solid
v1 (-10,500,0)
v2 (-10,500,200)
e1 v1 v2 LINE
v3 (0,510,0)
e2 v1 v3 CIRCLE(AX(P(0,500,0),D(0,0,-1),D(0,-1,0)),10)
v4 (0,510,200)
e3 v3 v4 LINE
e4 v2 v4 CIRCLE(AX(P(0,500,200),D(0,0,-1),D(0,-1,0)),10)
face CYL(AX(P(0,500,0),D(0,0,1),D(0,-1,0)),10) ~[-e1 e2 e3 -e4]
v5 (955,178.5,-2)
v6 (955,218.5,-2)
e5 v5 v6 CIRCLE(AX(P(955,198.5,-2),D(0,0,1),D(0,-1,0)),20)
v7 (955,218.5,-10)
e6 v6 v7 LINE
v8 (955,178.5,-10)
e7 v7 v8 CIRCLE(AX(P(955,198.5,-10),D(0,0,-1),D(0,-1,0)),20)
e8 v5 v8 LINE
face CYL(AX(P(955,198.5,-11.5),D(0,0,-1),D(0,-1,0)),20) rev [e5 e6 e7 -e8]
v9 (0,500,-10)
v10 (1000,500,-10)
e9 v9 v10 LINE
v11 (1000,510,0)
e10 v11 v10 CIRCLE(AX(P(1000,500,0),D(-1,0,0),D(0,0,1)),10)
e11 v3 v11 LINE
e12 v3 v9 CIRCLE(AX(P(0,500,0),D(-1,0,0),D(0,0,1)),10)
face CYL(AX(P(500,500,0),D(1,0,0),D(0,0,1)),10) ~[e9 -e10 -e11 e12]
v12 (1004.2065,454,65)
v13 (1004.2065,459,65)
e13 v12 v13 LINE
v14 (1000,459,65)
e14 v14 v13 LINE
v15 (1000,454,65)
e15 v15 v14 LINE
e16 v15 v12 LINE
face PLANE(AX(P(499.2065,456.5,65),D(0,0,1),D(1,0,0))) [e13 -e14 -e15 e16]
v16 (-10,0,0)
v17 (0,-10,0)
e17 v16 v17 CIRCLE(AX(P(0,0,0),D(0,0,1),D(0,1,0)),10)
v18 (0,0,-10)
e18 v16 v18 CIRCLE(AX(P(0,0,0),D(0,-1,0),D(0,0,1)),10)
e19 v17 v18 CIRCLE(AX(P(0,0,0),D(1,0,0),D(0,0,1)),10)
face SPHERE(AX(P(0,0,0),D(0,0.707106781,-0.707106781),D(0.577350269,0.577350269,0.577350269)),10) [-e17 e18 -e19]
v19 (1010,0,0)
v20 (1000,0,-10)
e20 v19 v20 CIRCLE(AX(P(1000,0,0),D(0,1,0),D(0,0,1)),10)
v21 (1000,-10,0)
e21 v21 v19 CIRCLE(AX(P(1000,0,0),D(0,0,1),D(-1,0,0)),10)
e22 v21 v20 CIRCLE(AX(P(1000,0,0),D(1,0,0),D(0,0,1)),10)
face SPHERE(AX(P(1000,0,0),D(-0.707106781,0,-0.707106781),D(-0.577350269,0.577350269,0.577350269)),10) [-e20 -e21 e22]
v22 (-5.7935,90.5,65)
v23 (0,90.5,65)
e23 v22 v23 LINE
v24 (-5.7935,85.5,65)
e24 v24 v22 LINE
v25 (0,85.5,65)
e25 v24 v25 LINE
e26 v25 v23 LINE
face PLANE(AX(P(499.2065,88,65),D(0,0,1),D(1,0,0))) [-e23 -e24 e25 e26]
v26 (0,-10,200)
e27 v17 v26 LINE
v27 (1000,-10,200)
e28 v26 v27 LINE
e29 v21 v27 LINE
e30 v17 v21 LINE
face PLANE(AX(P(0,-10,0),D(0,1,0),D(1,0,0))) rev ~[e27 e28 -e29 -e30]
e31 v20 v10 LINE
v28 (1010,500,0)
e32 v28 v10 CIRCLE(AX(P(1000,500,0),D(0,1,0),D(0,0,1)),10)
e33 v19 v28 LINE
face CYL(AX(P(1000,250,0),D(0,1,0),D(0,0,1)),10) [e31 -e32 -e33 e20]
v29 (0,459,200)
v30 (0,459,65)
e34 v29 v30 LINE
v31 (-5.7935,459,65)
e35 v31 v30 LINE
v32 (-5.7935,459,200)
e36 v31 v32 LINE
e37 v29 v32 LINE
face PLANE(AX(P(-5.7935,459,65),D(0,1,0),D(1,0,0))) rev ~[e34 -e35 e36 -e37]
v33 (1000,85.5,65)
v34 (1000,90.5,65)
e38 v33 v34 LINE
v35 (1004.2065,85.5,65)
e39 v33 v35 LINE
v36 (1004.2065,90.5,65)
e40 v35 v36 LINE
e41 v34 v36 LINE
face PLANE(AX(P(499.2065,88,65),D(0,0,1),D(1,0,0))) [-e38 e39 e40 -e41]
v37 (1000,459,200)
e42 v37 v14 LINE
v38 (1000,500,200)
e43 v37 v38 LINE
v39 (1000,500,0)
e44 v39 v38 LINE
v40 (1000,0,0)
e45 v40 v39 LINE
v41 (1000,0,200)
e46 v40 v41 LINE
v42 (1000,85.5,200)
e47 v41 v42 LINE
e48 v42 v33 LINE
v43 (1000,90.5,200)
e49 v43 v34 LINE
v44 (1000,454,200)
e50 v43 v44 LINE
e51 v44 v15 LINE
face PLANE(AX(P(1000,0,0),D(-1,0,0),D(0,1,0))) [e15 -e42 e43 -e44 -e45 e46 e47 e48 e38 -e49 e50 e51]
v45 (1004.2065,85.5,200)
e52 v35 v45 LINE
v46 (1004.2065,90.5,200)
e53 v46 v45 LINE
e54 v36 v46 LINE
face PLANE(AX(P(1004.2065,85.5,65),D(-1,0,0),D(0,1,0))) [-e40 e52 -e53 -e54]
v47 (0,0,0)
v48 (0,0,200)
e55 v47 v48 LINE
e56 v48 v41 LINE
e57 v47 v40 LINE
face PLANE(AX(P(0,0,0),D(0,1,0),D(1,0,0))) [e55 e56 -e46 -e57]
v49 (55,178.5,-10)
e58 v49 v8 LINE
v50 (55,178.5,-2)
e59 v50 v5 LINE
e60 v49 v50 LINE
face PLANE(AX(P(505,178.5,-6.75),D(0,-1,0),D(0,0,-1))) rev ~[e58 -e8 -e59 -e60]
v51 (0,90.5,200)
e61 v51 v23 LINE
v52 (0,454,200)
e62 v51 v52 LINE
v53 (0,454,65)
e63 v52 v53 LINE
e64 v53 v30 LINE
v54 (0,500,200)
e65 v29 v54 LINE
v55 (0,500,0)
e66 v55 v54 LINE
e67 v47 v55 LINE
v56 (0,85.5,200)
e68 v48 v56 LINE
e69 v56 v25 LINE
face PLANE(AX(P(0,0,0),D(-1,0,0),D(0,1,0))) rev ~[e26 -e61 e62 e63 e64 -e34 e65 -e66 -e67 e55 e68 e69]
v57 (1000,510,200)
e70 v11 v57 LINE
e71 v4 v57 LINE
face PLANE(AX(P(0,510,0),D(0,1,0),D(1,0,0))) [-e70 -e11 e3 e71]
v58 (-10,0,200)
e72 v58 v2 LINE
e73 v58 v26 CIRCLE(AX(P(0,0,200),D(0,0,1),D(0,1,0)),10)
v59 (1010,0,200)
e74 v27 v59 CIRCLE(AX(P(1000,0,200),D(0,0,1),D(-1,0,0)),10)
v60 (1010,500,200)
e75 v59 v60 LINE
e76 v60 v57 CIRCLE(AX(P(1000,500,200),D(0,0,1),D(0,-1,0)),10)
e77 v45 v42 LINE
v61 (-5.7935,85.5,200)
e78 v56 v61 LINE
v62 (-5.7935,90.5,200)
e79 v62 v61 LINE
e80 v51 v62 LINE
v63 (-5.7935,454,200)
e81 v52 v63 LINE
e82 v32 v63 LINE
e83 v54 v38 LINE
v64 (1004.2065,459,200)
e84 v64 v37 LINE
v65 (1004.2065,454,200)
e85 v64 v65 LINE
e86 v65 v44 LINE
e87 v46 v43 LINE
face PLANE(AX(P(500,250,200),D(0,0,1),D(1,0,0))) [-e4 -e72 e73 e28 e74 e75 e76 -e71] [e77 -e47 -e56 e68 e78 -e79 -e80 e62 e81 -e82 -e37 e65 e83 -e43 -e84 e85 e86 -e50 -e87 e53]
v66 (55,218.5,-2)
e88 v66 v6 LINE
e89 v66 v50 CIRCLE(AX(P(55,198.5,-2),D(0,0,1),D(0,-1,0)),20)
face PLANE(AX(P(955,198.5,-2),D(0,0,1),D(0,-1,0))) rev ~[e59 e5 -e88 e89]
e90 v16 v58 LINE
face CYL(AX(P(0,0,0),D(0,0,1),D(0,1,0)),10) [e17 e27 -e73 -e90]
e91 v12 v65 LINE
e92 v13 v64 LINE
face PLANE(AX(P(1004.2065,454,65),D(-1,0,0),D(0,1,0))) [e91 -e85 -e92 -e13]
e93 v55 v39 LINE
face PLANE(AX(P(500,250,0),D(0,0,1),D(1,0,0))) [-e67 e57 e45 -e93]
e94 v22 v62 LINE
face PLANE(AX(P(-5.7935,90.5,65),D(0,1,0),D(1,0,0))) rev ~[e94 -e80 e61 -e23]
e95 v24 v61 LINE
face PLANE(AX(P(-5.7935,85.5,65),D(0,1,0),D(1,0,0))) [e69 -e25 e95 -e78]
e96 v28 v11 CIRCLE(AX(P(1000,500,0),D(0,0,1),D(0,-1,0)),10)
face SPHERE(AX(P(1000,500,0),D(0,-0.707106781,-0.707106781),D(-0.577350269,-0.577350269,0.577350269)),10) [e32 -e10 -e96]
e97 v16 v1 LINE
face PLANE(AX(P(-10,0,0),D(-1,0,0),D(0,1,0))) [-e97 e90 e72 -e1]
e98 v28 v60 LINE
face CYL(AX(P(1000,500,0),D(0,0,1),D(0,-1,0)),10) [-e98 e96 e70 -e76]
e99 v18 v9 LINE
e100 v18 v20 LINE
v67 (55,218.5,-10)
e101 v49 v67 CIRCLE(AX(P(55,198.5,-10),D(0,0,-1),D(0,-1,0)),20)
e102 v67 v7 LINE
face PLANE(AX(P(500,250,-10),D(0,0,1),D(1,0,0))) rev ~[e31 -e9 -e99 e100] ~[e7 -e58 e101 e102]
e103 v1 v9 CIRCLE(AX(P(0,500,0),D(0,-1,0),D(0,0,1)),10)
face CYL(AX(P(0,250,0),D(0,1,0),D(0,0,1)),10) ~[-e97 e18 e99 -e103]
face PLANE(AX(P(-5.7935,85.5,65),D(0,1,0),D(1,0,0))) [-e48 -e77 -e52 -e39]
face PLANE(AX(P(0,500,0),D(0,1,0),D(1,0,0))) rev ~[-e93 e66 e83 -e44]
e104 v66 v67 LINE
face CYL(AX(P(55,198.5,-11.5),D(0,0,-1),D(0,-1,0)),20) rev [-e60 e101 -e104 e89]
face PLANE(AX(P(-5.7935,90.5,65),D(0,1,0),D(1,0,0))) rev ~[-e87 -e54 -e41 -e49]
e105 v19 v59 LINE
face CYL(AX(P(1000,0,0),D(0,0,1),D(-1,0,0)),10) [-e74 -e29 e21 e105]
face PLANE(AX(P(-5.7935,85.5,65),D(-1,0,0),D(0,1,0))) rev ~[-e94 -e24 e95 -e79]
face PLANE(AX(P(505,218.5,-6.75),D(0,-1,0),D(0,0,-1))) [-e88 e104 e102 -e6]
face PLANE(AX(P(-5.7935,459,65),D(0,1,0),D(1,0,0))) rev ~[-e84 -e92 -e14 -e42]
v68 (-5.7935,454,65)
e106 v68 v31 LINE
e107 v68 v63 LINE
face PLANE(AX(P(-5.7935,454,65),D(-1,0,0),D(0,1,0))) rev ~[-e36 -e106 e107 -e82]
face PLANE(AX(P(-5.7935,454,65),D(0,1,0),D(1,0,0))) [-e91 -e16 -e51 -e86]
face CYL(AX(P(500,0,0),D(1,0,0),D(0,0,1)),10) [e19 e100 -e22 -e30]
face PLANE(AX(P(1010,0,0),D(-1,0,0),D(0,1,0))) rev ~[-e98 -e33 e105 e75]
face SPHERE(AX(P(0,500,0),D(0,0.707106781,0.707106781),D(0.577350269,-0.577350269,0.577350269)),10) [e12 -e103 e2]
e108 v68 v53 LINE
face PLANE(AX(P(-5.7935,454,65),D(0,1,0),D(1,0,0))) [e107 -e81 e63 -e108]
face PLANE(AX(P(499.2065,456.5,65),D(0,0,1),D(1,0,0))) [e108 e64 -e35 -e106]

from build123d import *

# Parameters (mm, degrees)
BOX012_W               = 9.5
BOX012_H               = 900
BOX012_DEPTH           = 40
CYLINDER004_R          = 20
CYLINDER004_DEPTH      = 9.5
CYLINDER003_R          = 20
CYLINDER003_DEPTH      = 9.5
FUSION_PITCH_ANGLE     = 90
FUSION_PLACEMENT_ANGLE = -90
BOX011_W               = 1010
BOX011_H               = 5
BOX011_DEPTH           = 200
BOX010_W               = 1010
BOX010_H               = 5
BOX010_DEPTH           = 200
BOX_W                  = 1000
BOX_H                  = 500
BOX_DEPTH              = 200
THICKNESS_T            = 10


with BuildPart() as cube002:
    # Box012 → Box012 (new body)
    with BuildSketch(Plane(origin=(-8, 55, 119), x_dir=(1, 0, 0), z_dir=(0, 0, 1))):
        with Locations((4.75, 450)):
            Rectangle(BOX012_W, BOX012_H)
    extrude(amount=BOX012_DEPTH)


with BuildPart() as cylinder004:
    # Cylinder004 → Cylinder004 (new body)
    with BuildSketch(Plane(origin=(1.5, 955, 139), x_dir=(0, 0, 1), z_dir=(-1, 0, 0))):
        Circle(CYLINDER004_R)
    extrude(amount=CYLINDER004_DEPTH)


with BuildPart() as windows:
    # Cylinder003 → Cylinder003 (new body)
    with BuildSketch(Plane(origin=(1.5, 55, 139), x_dir=(0, 0, 1), z_dir=(-1, 0, 0))):
        Circle(CYLINDER003_R)
    extrude(amount=CYLINDER003_DEPTH)

    # Fusion: union Cube002, Cylinder004
    add(cube002.part)
    add(cylinder004.part)


with BuildPart() as windows_1:
    # Fusion pitch: moved
    add(windows.part.rotate(Axis((0, 0, 0), (0, 1, 0)), FUSION_PITCH_ANGLE))


with BuildPart() as windows_2:
    # Fusion placement: moved
    add(windows_1.part.moved(Location((0, 337.5, -10))).rotate(Axis((0, 337.5, -10), (0, 0, 1)), FUSION_PLACEMENT_ANGLE))


with BuildPart() as supportrail002:
    # Box011 → Box011 (new body)
    with BuildSketch(Plane(origin=(-5.7935, 85.5, 65), x_dir=(1, 0, 0), z_dir=(0, 0, 1))):
        with Locations((505, 2.5)):
            Rectangle(BOX011_W, BOX011_H)
    extrude(amount=BOX011_DEPTH)


with BuildPart() as supportrail001:
    # Box010 → Box010 (new body)
    with BuildSketch(Plane(origin=(-5.7935, 454, 65), x_dir=(1, 0, 0), z_dir=(0, 0, 1))):
        with Locations((505, 2.5)):
            Rectangle(BOX010_W, BOX010_H)
    extrude(amount=BOX010_DEPTH)


with BuildPart() as cherenkovbox:
    # Box → Box (new body)
    with BuildSketch(Plane.XY):
        with Locations((500, 250)):
            Rectangle(BOX_W, BOX_H)
    extrude(amount=BOX_DEPTH)

    # Thickness
    thickness_openings = [cherenkovbox.faces().sort_by_distance(p)[0] for p in [
        (500, 250, 200),
    ]]
    offset(amount=THICKNESS_T, openings=thickness_openings)

    # Cut: cut SupportRail001
    add(supportrail001.part, mode=Mode.SUBTRACT)

    # Cut001: cut SupportRail002
    add(supportrail002.part, mode=Mode.SUBTRACT)

    # Cut002: cut Windows
    add(windows_2.part, mode=Mode.SUBTRACT)


solid = cherenkovbox.part
